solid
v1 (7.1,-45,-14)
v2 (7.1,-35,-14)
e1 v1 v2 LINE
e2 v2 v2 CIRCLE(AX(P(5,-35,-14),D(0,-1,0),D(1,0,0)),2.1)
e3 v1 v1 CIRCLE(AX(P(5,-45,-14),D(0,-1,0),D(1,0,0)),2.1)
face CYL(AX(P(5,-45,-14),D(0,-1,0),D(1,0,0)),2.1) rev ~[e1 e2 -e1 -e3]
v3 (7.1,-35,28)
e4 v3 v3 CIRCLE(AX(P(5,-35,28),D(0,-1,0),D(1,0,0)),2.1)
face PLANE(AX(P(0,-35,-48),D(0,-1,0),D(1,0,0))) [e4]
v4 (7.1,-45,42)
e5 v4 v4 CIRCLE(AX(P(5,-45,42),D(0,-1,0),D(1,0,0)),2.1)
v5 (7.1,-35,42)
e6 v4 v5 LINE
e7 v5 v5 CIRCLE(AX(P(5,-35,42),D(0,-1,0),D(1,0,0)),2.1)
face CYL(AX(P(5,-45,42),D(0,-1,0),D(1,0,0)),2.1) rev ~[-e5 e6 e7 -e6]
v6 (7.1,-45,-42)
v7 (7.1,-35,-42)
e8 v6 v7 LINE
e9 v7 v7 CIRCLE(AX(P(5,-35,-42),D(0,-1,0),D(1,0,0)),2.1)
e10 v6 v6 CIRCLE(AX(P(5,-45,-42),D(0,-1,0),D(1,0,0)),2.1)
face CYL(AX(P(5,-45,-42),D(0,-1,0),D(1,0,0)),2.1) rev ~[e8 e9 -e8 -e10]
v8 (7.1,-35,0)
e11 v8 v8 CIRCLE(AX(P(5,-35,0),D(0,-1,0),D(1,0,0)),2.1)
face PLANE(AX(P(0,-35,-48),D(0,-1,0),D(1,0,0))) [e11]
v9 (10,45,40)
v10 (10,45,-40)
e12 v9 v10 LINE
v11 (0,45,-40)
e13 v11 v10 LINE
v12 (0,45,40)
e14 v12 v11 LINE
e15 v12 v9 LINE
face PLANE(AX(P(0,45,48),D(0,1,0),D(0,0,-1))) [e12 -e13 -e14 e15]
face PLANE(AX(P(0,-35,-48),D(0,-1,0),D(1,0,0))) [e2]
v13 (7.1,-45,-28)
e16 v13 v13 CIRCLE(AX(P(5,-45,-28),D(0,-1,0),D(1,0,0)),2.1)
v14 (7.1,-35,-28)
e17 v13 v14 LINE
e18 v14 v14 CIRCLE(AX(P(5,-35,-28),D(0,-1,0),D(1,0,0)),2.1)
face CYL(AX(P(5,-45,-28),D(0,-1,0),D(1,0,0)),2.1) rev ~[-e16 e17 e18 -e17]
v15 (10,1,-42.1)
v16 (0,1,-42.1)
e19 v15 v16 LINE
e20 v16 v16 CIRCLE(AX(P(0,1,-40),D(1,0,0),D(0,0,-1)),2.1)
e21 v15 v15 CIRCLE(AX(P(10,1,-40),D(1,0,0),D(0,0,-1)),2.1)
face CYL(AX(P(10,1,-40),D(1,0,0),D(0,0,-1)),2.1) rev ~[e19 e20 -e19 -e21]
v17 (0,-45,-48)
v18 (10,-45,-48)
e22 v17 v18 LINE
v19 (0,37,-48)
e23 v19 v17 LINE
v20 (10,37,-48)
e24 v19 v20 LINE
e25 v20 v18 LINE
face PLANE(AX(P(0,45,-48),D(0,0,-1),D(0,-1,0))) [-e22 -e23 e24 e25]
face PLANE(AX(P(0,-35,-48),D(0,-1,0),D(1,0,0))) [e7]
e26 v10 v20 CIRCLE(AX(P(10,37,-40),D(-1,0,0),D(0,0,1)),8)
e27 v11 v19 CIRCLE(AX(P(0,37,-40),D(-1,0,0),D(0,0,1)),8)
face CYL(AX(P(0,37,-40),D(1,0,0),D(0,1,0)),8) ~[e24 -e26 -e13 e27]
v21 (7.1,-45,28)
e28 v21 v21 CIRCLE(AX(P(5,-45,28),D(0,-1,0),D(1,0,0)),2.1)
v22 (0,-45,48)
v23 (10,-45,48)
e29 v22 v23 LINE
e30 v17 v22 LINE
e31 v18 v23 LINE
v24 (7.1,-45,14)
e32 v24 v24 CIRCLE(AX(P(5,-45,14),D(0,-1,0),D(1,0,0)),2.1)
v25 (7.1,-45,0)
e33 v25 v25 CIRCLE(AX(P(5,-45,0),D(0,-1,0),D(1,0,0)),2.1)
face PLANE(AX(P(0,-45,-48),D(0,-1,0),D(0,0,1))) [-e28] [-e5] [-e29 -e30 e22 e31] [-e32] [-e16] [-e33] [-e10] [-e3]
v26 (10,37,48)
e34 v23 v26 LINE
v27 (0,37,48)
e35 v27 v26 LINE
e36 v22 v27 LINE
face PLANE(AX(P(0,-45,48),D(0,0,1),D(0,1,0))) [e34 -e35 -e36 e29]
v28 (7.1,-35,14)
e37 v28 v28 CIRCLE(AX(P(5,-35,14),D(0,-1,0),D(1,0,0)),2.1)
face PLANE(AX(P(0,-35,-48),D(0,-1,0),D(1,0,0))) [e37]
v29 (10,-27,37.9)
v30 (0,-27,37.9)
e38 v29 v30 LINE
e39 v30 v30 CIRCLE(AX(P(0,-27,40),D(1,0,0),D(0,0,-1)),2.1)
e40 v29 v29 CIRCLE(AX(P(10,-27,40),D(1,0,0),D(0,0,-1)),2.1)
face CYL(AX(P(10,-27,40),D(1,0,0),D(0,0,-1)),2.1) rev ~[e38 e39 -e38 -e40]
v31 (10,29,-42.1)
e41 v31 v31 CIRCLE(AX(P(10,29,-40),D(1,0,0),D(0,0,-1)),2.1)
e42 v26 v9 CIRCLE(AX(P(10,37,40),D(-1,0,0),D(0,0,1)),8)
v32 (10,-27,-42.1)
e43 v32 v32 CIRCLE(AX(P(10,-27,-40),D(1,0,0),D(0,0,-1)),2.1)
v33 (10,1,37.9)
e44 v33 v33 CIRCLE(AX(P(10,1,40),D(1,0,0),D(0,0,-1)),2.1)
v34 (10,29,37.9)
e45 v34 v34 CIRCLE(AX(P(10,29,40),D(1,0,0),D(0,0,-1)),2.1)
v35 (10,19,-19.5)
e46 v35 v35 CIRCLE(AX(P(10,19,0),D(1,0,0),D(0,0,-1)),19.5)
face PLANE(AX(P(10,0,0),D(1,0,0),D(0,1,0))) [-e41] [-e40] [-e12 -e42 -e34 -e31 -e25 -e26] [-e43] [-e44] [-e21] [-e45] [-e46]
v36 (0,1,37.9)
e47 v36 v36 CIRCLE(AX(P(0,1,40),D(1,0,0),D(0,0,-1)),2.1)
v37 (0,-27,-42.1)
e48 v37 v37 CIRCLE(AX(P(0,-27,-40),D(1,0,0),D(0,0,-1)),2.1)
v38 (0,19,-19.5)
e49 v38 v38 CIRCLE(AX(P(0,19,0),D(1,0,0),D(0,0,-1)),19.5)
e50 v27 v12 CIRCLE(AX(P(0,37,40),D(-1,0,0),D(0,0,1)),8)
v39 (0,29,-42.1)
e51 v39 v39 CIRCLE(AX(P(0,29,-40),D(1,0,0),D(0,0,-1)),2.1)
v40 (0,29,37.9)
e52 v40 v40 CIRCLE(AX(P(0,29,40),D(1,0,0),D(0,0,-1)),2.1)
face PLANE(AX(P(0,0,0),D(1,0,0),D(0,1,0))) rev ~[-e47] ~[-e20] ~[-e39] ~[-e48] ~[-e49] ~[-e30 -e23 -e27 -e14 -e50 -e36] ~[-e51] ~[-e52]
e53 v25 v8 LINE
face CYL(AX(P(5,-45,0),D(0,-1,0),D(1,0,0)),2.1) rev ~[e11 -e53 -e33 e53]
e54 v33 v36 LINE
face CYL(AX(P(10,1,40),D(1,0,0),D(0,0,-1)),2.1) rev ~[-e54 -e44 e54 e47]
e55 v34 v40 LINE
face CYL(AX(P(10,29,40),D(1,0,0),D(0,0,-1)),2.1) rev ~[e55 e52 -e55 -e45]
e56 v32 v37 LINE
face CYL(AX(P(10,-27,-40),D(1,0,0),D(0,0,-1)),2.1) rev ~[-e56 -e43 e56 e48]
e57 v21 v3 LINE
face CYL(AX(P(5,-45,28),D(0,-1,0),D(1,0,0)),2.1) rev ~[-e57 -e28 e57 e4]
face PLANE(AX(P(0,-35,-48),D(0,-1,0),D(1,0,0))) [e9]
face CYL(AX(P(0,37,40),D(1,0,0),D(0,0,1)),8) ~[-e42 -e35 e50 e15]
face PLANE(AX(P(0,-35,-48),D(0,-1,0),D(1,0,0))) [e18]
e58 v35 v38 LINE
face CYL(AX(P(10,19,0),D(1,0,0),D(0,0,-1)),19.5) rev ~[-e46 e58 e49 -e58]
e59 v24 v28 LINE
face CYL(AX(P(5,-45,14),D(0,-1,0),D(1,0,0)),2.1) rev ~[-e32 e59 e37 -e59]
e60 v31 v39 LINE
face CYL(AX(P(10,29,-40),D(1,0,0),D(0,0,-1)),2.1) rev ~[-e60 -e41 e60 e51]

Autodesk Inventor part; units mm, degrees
ref_plane "YZ Plane" through (0, 0, 0) normal (1, 0, 0) x (0, 1, 0)
ref_plane "XZ Plane" through (0, 0, 0) normal (0, 1, 0) x (-1, 0, 0)
ref_plane "XY Plane" through (0, 0, 0) normal (0, 0, 1) x (1, 0, 0)
sketch "Sketch1" plane through (0, 0, 0) normal (1, 0, 0) x (0, 1, 0)
  line L0 (-45, 48) -> (45, 48)
  line L1 (45, 48) -> (45, -48)
  line L2 (45, -48) -> (-45, -48)
  line L3 (-45, -48) -> (-45, 48)
  line L4 (-45, 48) -> (45, -48) construction
  line L5 (45, 48) -> (-45, -48) construction
  point P0 (0, 0)
  dimension "d0" = 90
  dimension "d1" = 96
extrude "Extrusion1" add sketch "Sketch1" along normal blind 10
sketch "Sketch3" plane through (10, 0, 0) normal (1, 0, 0) x (0, 0, -1)
  circle A0 centre (0, 19) radius 19.5
  line L0 (-48, -45) -> (48, -45) projected
  point P0 (0, 0)
  point P1 (0, -45)
  dimension "d16" = 39
  dimension "d17" = 64
extrude "Extrusion3" cut sketch "Sketch3" against normal through all
sketch "Sketch5" plane through (10, 0, 0) normal (1, 0, 0) x (0, 0, -1)
  circle A0 centre (-40, 29) radius 2.1
  line L0 (-48, 45) -> (-48, -45) construction
  line L1 (-48, -45) -> (48, -45) projected
  circle A1 centre (-40, 1) radius 2.1
  circle A2 centre (-40, -27) radius 2.1
  circle A3 centre (0, 19) radius 19.5 construction
  line L2 (0, 38.5) -> (0, 19) construction
  circle A4 centre (40, 29) radius 2.1
  circle A5 centre (40, 1) radius 2.1
  circle A6 centre (40, -27) radius 2.1
  point P0 (0, 0)
  point P1 (-7.5, 41)
  point P2 (7.5, 41)
  dimension "d32" = 4.2
  dimension "d33" = 8
  dimension "d34" = 74
  dimension "d37" = 28
extrude "Extrusion5" cut sketch "Sketch5" against normal through all
sketch "Sketch6" plane through (0, -45, -48) normal (0, -1, 0) x (1, 0, 0)
  circle A0 centre (5, 90) radius 2.1
  line L0 (0, 96) -> (0, 0) construction
  line L1 (0, 96) -> (10, 96) construction
  circle A1 centre (5, 76) radius 2.1
  circle A2 centre (5, 62) radius 2.1
  circle A3 centre (5, 48) radius 2.1
  circle A4 centre (5, 34) radius 2.1
  circle A5 centre (5, 20) radius 2.1
  circle A6 centre (5, 6) radius 2.1
  point P0 (0, 48)
  point P1 (0, 48)
  point P2 (5, 96)
  dimension "d44" = 4.2
  dimension "d45" = 42
  dimension "d48" = 14
extrude "Extrusion6" cut sketch "Sketch6" against normal blind 10
thread "Thread1" size "M4.5x0.75" class "6H" standard "ISO Metric profile" full length
thread "Thread2" size "M4.5x0.75" class "6H" standard "ANSI Metric M Profile" full length
thread "Thread3" size "M4.5x0.75" class "6H" standard "ANSI Metric M Profile" full length
thread "Thread4" size "M4.5x0.75" class "6H" standard "ANSI Metric M Profile" full length
thread "Thread5" size "M4.5x0.75" class "6H" standard "ANSI Metric M Profile" full length
thread "Thread6" size "M4.5x0.75" class "6H" standard "ANSI Metric M Profile" full length
thread "Thread7" size "M4.5x0.75" class "6H" standard "ANSI Metric M Profile" full length
fillet "Fillet1" radius 8 2 edges at (5, 45, 48) (5, 45, -48)
properties part number "ArmSupportPlate" material "Aluminum 6061"
